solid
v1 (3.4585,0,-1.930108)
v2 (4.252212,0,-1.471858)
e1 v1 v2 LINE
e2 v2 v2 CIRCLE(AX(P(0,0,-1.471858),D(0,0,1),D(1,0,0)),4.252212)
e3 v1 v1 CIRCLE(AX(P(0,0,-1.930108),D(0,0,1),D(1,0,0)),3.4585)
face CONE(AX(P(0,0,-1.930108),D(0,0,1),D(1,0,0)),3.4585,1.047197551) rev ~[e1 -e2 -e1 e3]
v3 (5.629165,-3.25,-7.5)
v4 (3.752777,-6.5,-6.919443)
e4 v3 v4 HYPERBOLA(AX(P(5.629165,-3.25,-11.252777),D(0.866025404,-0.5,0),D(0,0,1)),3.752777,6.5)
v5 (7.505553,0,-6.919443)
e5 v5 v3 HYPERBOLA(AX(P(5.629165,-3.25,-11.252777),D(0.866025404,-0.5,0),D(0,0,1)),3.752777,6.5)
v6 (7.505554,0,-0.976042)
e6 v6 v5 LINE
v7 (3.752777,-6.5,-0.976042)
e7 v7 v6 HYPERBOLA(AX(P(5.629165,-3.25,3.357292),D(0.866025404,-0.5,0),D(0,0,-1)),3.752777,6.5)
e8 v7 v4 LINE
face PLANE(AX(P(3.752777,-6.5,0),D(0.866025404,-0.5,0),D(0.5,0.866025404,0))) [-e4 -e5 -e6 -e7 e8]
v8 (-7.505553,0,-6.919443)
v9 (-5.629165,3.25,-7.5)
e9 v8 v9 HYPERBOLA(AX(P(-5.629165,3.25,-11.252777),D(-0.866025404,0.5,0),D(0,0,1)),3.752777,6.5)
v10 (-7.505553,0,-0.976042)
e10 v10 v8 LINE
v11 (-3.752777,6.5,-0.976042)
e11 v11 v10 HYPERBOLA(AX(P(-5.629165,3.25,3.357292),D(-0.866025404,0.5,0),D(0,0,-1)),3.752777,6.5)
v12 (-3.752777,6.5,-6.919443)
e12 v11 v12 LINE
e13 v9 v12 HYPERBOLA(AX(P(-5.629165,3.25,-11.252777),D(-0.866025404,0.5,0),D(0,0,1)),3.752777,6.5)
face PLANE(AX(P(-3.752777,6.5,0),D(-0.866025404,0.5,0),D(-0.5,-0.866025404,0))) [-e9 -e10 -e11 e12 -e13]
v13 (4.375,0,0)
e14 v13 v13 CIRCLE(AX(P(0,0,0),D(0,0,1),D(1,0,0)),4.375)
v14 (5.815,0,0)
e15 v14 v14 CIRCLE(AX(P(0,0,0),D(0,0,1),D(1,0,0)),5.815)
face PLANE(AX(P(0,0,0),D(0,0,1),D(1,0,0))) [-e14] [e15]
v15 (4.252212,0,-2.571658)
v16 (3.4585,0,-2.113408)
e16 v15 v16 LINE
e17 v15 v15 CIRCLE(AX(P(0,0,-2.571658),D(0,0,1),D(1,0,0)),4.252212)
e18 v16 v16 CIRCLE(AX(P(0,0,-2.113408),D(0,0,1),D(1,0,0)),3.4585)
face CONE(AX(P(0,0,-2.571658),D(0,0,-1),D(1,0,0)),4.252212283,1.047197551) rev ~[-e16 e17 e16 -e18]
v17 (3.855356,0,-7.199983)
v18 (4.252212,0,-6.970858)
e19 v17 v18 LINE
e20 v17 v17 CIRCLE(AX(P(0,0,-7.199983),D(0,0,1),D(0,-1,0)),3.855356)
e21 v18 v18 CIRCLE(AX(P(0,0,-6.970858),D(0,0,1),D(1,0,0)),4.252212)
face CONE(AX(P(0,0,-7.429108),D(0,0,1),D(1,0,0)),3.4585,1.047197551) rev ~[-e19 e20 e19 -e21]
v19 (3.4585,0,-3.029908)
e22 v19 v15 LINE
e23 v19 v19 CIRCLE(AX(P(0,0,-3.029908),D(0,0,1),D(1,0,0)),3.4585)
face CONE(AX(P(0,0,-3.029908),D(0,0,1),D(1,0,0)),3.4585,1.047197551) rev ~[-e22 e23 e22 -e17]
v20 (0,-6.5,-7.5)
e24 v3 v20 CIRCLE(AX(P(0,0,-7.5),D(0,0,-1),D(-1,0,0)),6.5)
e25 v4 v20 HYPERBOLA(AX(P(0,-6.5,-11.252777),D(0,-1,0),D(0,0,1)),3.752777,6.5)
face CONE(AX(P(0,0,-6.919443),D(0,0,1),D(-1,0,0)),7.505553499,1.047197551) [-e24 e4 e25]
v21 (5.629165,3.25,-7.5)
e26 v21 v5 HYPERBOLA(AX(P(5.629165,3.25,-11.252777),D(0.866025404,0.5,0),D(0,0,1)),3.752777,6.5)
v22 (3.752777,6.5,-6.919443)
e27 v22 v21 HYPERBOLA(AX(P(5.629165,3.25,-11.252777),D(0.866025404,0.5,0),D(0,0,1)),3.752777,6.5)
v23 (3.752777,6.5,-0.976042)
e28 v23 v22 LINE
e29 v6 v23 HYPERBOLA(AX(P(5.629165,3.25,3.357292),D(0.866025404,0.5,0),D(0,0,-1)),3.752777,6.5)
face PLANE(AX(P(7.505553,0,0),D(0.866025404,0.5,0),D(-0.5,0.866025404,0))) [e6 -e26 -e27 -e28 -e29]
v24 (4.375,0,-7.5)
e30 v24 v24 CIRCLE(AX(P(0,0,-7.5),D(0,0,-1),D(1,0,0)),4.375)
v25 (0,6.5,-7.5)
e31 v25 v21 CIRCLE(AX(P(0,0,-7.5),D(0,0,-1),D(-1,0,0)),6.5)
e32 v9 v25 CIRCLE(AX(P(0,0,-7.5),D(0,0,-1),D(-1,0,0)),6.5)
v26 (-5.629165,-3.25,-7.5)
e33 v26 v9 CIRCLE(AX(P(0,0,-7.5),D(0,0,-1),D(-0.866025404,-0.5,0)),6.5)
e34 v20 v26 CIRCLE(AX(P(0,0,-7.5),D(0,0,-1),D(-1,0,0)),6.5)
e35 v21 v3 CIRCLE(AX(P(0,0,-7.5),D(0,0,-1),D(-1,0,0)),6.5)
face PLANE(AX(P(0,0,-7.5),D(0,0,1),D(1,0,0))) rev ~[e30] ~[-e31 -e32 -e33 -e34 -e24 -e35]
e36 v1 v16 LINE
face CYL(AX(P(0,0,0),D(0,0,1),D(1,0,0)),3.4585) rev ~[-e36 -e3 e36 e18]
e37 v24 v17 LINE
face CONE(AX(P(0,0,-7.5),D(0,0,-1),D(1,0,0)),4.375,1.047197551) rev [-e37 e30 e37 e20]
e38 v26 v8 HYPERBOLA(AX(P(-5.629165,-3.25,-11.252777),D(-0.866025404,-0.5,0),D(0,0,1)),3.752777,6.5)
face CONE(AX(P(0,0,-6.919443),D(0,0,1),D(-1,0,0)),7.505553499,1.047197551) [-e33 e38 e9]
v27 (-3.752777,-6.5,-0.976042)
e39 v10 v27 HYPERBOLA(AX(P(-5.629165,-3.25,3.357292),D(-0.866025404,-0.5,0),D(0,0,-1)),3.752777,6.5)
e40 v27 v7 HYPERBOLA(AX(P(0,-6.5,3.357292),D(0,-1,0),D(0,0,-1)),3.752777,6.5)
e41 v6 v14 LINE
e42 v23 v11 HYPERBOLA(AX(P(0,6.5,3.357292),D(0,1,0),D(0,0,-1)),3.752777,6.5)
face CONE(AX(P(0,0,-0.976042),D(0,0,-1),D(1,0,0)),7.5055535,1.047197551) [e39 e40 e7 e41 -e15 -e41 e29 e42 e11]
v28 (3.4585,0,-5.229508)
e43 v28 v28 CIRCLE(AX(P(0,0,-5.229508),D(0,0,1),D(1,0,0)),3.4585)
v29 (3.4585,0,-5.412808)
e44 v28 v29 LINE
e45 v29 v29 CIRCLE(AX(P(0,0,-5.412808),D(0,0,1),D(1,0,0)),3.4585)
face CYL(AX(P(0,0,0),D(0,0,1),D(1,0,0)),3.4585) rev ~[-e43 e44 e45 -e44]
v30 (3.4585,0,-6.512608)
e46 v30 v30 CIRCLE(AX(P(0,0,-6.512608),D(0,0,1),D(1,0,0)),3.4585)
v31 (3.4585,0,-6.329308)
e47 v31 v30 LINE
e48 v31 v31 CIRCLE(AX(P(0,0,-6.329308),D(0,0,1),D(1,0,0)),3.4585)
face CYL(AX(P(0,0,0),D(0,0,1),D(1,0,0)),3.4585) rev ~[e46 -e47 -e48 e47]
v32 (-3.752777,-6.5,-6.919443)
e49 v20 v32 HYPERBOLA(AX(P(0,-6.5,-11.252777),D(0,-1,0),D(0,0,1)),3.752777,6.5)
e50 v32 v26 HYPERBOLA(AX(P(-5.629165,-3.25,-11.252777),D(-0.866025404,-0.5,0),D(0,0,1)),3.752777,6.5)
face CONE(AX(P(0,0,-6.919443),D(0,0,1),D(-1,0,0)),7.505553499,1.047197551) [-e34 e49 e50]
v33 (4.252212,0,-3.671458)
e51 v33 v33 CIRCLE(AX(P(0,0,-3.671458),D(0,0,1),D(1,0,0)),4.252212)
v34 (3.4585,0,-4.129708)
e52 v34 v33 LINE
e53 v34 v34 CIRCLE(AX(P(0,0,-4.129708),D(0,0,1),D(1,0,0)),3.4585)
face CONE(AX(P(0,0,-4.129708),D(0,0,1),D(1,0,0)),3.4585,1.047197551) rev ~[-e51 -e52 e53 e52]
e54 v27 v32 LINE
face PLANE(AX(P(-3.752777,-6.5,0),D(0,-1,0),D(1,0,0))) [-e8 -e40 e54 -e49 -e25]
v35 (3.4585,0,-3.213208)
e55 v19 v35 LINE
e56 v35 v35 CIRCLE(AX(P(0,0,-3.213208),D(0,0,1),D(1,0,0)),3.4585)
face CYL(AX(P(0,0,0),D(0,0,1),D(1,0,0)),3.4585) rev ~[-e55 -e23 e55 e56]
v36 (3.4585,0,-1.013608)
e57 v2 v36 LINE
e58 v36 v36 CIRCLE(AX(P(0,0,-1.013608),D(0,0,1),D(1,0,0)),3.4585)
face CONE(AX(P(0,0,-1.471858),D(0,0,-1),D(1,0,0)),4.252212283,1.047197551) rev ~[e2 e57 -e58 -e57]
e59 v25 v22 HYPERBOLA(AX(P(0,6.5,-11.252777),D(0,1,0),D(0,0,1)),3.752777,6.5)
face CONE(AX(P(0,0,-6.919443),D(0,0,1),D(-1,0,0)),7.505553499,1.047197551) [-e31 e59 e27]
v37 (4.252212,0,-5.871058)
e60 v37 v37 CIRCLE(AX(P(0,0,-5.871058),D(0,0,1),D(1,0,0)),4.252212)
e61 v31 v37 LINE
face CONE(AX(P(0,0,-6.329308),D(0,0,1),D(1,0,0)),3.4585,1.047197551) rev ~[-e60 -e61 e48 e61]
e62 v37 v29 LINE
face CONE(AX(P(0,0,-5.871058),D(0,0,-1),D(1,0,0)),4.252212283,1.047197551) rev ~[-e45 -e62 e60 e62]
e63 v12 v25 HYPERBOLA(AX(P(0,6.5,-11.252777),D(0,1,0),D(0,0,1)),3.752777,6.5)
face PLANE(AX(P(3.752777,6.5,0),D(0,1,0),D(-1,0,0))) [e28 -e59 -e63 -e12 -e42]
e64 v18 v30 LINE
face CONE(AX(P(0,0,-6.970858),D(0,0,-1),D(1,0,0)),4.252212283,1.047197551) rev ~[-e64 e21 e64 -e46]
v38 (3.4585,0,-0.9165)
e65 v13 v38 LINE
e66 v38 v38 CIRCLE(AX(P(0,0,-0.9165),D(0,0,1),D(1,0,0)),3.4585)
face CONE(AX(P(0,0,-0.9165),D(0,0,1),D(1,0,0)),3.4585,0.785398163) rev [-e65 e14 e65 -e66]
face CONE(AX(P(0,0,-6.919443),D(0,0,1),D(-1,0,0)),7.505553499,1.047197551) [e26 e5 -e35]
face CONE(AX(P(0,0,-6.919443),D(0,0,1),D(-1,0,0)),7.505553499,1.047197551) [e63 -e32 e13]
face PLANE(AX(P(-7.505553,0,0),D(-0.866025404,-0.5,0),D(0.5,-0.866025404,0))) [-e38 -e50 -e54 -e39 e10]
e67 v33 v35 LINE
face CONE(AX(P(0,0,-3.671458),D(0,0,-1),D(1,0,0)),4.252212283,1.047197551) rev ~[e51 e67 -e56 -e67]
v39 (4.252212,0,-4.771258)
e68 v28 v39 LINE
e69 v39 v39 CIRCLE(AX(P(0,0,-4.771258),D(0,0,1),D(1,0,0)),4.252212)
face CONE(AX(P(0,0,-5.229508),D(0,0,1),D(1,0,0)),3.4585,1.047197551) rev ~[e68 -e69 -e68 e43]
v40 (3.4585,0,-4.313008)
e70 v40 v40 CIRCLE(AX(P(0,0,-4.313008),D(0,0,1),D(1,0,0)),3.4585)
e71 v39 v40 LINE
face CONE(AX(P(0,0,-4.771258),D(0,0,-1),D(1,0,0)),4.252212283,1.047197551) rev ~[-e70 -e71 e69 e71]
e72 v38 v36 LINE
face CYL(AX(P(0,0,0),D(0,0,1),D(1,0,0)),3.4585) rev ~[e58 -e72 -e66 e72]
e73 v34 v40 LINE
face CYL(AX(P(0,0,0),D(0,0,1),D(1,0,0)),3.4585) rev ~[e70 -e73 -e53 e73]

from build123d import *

# Parameters (mm, degrees)
SKETCH1_R        = 3.4585
BASENUT_DEPTH    = 7.5
ENDCHAMFER2_SIZE = 0.9165
LPATTERN10_COUNT = 6
LPATTERN10_PITCH = 1.0998


with BuildPart() as part:
    # Sketch1 → BaseNut (new body)
    with BuildSketch(Plane.XY):
        Polygon((3.75277675, -6.5), (7.505553499, 0), (3.75277675, 6.5), (-3.75277675, 6.5), (-7.505553499, 0), (-3.75277675, -6.5), align=None)
        Circle(SKETCH1_R, mode=Mode.SUBTRACT)
    extrude(amount=-BASENUT_DEPTH)

    # Sketch2 → Chamfer1 (revolve, cut)
    with BuildSketch(Plane(origin=(15.04811501, 0, -16.706149795), x_dir=(0, 0, -1), z_dir=(0, 1, 0))):
        Polygon((-9.786706379, 22.553668509), (-9.206149795, 21.54811501), (-9.206149795, 22.553668509), align=None)
    revolve(axis=Axis((0, 0, 7.016501752), (0, 0, -1)), mode=Mode.SUBTRACT)

    # Sketch6 → EndChamfer1 (revolve, cut)
    with BuildSketch(Plane(origin=(-9.197458863, 0, -10.252541137), x_dir=(0, 0, 1), z_dir=(0, 1, 0))):
        Polygon((2.752541137, 12.655958863), (2.752541137, 13.572458863), (3.281682659, 12.655958863), align=None)
    revolve(axis=Axis((0, 0, 13.104863586), (0, 0, -1)), mode=Mode.SUBTRACT)

    # Sketch5 → Chamfer2 (revolve, cut)
    with BuildSketch(Plane(origin=(-14.793032735, 0, -16.96123207), x_dir=(0, 0, 1), z_dir=(0, 1, 0))):
        Polygon((16.96123207, 20.608032735), (16.96123207, 22.298586235), (15.985190552, 22.298586235), align=None)
    revolve(axis=Axis((0, 0, -39.536013381), (0, 0, 1)), mode=Mode.SUBTRACT)

    # EndChamfer2
    endchamfer2_edges = [part.edges().sort_by_distance(p)[0] for p in [
        (-3.4585, 0, 0),
    ]]
    chamfer(endchamfer2_edges, length=ENDCHAMFER2_SIZE)

    # Sketch7 → Cut-Revolve10 (revolve, cut)
    with BuildSketch(Plane(origin=(0, 0, 0), x_dir=(1, 0, 0), z_dir=(0, 1, 0))):
        Polygon((2.542, 7.429108478), (3.4585, 7.429108478), (4.252212283, 6.970858478), (3.4585, 6.512608478), (2.542, 6.512608478), align=None)
    cut_revolve10 = revolve(axis=Axis((0, 0, -48.618332322), (0, 0, 1)), mode=Mode.SUBTRACT)

    # LPattern10: Cut-Revolve10 ×6
    with Locations(*[(0, 0, i * LPATTERN10_PITCH) for i in range(1, LPATTERN10_COUNT)]):
        add(cut_revolve10, mode=Mode.SUBTRACT)


solid = part.part
